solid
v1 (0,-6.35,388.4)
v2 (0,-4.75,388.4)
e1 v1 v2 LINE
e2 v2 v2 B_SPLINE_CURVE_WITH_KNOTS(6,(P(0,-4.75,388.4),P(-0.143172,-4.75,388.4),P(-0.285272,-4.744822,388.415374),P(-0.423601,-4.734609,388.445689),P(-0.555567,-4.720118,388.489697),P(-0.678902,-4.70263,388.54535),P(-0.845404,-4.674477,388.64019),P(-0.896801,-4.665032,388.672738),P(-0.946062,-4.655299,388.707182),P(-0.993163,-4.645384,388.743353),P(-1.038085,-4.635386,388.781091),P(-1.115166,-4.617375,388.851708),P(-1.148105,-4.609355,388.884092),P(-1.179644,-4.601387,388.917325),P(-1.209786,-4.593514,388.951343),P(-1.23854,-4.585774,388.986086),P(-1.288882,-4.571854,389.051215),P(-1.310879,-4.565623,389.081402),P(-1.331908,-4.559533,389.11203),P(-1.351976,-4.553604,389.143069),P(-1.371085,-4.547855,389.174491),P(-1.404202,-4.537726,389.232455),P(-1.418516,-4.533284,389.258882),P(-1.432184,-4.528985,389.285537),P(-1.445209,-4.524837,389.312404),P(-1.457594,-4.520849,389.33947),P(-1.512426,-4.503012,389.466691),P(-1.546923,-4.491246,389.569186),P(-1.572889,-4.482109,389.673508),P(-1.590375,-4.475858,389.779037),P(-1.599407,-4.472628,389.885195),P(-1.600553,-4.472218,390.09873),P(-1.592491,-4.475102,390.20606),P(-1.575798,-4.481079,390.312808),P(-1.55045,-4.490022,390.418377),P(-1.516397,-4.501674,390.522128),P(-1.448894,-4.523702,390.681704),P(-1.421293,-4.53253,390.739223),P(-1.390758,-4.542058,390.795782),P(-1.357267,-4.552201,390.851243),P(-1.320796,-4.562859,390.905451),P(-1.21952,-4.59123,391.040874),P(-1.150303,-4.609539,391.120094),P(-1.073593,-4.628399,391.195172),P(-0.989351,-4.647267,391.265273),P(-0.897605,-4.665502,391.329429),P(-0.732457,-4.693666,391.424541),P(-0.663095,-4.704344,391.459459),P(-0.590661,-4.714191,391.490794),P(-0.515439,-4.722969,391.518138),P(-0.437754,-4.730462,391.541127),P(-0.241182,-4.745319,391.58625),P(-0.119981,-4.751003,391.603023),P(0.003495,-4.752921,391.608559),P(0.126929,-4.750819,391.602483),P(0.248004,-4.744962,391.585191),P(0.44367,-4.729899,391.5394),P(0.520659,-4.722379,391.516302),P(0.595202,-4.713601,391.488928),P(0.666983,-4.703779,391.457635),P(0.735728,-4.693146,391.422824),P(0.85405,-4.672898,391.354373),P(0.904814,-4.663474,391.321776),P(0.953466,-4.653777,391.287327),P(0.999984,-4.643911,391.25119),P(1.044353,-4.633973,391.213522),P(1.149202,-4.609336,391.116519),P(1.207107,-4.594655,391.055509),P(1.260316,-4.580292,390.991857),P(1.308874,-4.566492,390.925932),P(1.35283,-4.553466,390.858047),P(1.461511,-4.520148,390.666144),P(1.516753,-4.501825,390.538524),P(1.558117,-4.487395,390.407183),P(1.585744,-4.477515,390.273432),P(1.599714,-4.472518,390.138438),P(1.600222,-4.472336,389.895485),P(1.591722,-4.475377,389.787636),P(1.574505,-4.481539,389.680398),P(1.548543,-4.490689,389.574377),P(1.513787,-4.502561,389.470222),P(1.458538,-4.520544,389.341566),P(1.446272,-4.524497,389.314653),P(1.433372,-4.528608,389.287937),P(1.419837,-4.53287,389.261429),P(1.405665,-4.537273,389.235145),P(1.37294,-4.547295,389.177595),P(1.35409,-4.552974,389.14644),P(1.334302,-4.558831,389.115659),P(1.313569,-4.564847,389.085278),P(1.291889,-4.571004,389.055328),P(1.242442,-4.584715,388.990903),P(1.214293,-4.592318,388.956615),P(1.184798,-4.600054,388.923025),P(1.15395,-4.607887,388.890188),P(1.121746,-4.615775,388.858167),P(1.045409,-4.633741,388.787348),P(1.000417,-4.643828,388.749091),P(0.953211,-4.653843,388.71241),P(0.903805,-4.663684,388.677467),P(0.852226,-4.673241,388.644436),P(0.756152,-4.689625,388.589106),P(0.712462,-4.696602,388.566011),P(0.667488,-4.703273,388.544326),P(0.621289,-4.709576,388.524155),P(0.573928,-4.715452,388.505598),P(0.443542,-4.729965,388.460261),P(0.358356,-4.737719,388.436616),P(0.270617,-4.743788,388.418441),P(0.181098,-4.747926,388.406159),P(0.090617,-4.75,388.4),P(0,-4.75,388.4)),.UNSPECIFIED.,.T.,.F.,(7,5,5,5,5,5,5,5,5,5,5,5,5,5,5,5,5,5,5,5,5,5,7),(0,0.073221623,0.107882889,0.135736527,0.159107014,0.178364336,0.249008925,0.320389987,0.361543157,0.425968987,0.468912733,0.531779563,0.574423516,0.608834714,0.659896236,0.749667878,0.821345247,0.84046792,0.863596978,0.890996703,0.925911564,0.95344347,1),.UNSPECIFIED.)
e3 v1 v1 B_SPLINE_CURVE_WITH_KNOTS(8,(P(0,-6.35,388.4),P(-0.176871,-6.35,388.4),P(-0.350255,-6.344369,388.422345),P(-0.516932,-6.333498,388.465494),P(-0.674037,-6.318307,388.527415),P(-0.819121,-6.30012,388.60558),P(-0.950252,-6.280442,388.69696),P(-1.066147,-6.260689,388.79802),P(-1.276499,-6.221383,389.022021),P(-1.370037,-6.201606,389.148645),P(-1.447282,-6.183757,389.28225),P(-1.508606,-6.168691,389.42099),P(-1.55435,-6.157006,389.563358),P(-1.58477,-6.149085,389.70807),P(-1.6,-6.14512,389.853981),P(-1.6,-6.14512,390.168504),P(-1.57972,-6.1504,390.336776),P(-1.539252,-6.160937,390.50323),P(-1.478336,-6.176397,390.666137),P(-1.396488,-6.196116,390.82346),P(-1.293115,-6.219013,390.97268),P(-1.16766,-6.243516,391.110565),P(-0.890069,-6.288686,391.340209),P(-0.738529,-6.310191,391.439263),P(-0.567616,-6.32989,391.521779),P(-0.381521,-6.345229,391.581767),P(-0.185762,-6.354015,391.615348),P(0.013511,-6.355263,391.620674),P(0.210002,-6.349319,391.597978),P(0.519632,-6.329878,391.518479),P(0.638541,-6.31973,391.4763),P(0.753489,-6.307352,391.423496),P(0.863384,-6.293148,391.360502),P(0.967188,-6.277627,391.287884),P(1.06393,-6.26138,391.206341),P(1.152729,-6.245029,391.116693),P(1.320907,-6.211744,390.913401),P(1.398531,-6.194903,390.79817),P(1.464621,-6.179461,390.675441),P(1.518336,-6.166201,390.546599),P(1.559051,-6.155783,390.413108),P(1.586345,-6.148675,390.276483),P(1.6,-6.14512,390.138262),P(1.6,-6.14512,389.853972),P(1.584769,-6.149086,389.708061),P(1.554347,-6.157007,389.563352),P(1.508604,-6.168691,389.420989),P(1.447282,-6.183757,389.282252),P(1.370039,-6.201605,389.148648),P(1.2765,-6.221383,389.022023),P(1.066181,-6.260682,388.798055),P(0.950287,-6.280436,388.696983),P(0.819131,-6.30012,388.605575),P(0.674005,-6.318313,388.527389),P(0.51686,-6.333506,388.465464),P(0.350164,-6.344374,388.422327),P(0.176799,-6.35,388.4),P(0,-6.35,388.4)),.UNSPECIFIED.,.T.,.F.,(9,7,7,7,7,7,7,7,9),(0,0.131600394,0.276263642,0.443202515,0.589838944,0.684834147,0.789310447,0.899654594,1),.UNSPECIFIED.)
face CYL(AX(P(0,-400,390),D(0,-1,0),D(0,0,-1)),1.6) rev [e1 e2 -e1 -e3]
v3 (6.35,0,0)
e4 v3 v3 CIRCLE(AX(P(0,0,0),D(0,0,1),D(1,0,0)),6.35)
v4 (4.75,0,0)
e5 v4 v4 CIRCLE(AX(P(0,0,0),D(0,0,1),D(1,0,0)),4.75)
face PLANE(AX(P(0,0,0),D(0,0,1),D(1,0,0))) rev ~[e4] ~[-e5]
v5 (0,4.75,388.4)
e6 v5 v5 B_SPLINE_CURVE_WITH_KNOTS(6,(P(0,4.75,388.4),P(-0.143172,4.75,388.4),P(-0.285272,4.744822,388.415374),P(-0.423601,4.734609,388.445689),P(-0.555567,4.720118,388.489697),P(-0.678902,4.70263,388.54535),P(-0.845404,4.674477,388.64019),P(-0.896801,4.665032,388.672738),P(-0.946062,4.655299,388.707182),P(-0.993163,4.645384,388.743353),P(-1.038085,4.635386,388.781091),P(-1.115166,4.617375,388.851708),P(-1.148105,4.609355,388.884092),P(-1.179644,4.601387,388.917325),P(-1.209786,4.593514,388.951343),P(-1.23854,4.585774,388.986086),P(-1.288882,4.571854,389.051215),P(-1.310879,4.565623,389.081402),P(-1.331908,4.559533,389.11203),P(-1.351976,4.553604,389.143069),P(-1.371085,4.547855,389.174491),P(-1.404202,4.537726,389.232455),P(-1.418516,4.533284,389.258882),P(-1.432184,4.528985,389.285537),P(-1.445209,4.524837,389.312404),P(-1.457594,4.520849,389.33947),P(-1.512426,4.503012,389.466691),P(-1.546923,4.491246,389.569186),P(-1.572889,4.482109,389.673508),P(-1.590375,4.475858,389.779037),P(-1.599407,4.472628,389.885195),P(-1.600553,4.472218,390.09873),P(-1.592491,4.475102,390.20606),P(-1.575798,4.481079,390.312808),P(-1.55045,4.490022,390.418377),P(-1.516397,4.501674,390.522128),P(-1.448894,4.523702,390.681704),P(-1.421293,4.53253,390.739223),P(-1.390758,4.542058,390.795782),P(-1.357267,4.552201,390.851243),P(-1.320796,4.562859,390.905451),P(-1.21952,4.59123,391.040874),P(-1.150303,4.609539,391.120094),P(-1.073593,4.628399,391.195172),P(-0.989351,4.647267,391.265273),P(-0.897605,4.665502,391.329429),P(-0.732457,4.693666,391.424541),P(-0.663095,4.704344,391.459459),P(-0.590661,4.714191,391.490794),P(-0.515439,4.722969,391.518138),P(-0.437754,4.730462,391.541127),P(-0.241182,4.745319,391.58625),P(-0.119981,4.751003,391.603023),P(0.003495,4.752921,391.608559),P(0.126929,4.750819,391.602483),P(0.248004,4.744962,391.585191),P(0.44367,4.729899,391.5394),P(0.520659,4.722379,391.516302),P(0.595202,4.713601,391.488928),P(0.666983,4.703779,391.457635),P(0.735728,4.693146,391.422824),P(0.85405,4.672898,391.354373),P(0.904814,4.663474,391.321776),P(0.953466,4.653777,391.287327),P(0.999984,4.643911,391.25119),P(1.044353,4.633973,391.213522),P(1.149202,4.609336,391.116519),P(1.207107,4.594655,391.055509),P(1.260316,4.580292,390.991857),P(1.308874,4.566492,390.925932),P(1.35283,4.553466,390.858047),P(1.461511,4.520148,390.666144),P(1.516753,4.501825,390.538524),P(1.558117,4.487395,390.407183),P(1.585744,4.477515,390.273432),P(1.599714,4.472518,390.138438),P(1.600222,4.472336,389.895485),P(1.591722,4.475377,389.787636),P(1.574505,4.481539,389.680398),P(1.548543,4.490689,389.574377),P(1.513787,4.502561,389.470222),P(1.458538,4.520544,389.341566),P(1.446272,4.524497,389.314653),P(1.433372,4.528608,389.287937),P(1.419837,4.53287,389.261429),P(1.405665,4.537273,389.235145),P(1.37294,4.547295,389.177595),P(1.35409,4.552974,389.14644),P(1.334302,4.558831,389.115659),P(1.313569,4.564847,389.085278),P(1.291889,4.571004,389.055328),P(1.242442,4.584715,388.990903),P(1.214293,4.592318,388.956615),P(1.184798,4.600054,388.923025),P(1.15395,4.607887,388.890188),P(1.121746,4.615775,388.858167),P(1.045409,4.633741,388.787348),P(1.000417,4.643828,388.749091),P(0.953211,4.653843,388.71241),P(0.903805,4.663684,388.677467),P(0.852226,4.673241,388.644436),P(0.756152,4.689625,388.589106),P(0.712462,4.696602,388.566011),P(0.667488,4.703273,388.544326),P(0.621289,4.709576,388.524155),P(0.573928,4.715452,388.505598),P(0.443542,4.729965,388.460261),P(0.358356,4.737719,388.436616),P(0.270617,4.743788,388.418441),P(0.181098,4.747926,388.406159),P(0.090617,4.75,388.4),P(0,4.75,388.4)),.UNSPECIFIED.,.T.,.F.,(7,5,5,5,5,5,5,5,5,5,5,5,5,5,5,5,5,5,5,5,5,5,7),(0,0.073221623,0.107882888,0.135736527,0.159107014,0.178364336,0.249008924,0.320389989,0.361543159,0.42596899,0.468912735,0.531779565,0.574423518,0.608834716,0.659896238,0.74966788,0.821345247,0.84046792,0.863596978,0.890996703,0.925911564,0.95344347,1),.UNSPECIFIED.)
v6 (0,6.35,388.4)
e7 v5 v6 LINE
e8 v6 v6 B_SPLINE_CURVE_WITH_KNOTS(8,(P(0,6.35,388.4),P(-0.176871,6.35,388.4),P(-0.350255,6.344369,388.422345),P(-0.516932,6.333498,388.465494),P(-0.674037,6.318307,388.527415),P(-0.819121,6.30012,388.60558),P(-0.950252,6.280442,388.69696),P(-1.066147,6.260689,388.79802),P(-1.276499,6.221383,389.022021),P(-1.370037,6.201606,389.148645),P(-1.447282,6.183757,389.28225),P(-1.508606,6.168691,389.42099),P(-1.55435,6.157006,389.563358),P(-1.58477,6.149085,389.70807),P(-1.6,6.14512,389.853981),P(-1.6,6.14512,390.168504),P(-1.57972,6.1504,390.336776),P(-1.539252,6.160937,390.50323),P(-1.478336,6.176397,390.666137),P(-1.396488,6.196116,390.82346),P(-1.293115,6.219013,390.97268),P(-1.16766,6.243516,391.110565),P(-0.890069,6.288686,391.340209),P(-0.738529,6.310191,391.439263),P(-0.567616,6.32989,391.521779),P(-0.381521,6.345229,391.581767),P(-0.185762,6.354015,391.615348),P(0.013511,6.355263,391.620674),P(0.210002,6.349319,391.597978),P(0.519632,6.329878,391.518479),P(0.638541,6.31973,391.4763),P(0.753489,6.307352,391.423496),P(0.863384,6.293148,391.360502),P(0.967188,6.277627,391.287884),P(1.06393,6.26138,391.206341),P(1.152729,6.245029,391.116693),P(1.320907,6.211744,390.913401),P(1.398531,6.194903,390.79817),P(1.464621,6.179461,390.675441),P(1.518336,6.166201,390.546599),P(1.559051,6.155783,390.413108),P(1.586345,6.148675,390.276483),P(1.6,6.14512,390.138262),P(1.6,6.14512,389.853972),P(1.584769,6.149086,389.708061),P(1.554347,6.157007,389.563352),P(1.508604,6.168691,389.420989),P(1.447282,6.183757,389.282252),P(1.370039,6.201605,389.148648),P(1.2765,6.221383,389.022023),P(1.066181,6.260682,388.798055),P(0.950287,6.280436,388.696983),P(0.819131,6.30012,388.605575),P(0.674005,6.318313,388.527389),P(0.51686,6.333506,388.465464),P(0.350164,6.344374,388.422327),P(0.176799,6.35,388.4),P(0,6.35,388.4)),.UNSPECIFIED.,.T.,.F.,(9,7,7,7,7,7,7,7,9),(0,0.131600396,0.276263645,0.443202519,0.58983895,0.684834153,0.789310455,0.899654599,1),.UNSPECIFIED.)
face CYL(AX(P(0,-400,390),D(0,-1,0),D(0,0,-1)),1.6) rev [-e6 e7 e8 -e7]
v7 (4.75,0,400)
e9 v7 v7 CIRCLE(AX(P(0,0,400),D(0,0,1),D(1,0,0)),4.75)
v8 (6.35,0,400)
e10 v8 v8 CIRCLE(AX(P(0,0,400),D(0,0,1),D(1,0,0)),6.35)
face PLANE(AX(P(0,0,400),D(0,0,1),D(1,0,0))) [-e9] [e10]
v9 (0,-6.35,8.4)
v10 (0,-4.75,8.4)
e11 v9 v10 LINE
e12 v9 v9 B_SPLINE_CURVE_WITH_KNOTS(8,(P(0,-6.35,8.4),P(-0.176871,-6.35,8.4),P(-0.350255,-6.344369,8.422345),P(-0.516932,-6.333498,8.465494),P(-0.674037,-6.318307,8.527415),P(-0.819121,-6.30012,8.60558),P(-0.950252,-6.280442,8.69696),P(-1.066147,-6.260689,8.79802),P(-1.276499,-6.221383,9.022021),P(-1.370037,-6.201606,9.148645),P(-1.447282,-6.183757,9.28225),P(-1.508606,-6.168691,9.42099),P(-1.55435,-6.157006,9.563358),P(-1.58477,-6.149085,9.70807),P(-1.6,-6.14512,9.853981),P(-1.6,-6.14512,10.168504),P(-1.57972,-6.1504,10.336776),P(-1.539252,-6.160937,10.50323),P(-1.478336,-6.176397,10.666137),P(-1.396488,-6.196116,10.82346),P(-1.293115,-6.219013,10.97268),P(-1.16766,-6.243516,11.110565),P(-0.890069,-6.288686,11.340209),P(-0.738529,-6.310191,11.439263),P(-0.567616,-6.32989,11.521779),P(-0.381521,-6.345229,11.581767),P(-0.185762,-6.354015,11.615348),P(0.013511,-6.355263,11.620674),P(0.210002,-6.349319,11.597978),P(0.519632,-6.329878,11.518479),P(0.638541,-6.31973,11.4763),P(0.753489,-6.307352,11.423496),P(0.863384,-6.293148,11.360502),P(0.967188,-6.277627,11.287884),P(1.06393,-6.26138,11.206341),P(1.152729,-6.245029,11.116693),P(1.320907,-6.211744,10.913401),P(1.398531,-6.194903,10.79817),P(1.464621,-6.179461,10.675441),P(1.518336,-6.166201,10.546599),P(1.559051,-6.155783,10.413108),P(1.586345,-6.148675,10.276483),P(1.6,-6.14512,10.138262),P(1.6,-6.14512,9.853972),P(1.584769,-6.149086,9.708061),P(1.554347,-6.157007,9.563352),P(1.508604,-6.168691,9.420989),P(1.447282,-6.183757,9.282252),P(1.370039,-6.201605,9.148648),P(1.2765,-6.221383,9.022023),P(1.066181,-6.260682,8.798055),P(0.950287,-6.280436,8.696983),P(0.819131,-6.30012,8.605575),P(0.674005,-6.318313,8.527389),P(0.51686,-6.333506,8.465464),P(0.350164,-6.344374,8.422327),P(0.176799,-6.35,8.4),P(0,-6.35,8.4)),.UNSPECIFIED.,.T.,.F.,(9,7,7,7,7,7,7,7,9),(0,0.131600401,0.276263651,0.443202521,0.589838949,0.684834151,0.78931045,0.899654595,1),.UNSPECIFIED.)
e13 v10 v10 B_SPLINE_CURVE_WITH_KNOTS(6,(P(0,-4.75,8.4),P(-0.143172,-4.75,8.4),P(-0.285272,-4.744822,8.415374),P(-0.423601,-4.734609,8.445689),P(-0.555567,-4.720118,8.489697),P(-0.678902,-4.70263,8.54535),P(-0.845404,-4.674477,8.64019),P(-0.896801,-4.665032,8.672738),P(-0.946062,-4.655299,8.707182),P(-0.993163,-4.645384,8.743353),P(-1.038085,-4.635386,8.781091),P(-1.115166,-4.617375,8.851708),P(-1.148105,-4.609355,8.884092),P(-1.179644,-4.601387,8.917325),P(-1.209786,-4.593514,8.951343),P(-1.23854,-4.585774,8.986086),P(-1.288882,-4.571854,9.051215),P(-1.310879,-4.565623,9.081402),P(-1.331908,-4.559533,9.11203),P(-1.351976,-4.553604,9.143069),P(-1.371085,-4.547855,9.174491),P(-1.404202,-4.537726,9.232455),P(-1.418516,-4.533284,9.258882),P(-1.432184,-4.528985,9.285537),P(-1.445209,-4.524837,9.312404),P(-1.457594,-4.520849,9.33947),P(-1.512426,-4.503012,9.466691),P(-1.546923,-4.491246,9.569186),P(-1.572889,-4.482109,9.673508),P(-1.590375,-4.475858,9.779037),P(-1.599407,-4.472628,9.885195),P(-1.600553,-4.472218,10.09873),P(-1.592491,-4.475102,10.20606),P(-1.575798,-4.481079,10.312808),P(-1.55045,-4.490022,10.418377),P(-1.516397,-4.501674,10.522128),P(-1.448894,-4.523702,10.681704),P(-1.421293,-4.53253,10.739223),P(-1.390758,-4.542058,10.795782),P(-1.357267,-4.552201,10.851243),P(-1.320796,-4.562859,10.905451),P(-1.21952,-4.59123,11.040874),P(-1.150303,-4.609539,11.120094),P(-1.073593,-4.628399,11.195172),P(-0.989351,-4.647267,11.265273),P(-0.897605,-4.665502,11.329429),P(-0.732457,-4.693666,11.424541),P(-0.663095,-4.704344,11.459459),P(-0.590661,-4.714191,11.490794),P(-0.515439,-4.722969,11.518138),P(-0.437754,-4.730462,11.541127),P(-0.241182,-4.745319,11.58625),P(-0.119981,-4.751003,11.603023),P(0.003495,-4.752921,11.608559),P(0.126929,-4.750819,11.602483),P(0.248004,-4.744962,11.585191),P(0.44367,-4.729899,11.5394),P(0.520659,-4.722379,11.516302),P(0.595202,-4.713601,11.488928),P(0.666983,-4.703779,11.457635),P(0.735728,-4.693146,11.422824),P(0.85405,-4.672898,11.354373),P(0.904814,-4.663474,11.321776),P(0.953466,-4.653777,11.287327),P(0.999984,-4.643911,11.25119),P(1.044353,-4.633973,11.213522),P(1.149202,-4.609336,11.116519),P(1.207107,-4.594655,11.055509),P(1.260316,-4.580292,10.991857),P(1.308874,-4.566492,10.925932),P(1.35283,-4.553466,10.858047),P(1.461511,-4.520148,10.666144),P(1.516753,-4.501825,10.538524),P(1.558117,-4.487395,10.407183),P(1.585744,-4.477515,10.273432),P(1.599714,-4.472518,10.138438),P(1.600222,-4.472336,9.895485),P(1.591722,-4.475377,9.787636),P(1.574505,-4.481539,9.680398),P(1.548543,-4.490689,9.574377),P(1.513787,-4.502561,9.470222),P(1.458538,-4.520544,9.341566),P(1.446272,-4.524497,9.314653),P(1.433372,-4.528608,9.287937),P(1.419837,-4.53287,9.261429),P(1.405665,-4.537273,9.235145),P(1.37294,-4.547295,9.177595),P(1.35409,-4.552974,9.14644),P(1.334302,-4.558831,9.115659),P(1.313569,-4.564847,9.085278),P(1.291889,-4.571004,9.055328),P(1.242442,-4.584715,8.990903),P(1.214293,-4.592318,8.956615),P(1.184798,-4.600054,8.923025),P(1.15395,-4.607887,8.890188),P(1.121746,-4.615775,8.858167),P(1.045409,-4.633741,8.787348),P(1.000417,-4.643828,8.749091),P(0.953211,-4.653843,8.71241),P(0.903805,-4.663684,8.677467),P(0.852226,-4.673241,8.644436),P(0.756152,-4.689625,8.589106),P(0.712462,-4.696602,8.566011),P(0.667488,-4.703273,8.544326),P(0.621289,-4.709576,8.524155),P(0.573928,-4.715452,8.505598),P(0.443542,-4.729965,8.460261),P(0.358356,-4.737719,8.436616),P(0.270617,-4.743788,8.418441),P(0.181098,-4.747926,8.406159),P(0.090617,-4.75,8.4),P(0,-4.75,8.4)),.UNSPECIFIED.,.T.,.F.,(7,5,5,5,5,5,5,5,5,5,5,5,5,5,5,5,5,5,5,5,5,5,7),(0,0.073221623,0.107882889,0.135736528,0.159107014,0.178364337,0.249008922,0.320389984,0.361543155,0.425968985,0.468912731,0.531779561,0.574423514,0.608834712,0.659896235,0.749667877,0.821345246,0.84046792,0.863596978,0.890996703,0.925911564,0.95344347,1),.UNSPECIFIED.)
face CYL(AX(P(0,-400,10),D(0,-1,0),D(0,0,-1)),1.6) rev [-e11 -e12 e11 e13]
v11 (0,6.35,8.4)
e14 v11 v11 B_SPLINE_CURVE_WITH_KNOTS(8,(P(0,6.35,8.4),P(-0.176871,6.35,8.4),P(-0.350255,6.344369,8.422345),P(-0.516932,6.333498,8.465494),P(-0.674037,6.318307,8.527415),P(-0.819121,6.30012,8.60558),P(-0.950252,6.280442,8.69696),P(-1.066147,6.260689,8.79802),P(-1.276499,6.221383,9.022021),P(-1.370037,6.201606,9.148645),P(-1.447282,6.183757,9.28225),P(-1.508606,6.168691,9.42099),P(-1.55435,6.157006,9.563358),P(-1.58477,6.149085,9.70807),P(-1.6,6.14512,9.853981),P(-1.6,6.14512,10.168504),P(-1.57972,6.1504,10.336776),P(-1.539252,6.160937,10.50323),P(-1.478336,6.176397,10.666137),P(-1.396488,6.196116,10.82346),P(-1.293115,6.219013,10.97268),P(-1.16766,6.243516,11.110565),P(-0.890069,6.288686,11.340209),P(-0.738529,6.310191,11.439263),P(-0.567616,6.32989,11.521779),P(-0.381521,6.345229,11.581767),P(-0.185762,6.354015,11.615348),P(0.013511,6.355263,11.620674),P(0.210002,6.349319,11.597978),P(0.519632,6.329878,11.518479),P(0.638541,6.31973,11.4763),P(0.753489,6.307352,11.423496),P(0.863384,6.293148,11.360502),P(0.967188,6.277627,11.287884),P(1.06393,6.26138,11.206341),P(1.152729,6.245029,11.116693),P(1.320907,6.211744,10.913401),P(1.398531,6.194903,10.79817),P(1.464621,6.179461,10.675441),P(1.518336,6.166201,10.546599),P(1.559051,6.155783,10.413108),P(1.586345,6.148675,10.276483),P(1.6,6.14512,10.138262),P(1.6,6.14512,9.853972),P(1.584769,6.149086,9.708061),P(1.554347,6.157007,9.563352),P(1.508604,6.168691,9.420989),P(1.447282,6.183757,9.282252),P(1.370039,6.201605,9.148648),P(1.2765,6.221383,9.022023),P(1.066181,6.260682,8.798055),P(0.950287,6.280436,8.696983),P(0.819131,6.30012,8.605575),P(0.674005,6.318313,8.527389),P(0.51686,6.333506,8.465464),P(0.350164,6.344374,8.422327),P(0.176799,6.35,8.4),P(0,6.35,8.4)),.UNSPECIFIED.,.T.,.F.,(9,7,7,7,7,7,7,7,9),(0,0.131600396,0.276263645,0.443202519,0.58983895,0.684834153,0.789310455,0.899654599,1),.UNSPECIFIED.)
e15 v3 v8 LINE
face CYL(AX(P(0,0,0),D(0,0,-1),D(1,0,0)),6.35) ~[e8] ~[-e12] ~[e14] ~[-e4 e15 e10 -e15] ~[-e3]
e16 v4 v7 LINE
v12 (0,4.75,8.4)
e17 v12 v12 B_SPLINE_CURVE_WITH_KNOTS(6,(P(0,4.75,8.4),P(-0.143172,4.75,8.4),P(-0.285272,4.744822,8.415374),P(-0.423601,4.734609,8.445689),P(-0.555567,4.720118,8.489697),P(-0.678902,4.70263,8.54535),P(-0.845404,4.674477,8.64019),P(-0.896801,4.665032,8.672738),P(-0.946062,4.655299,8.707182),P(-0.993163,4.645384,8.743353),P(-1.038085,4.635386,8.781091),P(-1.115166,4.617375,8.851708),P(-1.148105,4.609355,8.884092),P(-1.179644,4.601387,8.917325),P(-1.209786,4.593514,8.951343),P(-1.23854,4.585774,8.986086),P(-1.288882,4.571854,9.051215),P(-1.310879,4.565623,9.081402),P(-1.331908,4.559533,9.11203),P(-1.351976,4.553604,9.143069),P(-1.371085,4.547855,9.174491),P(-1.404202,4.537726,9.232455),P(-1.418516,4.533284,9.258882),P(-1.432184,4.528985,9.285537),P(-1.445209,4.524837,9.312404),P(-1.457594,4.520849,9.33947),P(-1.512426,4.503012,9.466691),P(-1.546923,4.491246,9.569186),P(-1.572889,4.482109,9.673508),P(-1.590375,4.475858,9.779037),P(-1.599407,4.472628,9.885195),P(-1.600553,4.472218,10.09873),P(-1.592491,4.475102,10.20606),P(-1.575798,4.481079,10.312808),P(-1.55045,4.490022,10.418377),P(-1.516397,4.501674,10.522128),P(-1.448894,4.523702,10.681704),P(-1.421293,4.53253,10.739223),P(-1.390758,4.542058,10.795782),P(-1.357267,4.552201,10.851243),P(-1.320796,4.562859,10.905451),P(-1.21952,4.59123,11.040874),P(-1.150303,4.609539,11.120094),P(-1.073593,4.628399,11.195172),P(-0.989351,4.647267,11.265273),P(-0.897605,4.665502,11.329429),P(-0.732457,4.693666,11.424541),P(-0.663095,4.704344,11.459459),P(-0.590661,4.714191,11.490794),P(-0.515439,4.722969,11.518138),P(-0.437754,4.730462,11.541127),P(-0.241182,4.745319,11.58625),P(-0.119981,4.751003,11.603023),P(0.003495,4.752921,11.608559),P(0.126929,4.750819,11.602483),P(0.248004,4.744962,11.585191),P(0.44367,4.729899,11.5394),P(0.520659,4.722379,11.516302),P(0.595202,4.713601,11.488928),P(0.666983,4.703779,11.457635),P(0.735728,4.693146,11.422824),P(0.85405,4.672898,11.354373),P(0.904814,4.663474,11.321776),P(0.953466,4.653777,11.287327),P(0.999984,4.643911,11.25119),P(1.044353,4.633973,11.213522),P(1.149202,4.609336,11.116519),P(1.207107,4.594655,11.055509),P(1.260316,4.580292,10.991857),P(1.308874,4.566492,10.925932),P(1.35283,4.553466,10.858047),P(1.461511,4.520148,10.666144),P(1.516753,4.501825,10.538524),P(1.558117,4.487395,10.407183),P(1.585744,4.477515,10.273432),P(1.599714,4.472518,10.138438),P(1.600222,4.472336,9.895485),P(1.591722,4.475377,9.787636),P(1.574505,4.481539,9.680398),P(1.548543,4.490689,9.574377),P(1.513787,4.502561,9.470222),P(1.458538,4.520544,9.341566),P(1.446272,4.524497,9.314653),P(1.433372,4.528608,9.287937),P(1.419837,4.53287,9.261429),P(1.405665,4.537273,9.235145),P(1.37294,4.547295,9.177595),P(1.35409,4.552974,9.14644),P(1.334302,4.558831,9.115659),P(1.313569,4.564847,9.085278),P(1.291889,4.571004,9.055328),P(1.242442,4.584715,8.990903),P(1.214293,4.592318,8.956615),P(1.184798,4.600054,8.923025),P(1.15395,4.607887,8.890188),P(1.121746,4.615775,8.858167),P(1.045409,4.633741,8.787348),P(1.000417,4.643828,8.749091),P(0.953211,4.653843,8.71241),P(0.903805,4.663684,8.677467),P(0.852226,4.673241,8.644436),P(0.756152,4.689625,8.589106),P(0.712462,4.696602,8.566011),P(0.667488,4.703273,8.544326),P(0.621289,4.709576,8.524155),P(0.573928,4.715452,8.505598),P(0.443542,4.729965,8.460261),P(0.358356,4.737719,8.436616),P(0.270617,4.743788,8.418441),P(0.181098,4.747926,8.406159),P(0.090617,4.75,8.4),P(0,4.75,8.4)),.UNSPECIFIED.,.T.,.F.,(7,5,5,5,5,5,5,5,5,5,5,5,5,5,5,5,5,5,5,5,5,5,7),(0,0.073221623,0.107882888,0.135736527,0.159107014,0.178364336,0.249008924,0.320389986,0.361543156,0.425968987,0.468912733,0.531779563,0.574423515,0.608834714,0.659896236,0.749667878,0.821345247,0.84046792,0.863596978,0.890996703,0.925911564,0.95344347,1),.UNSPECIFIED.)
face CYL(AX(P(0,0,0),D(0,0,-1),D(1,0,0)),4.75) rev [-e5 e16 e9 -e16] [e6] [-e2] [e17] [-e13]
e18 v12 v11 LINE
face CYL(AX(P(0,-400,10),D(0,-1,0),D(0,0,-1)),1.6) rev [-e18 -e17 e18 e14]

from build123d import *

# Parameters (mm, degrees)
SKETCH1_R               = 6.35
SKETCH1_R_2             = 4.75
BOSS_EXTRUDE1_DEPTH     = 400
CUT_EXTRUDE1_DEPTH      = 400
CUT_EXTRUDE1_DEPTH_BACK = 400
SKETCH2_R               = 1.6


with BuildPart() as part:
    # Sketch1 → Boss-Extrude1 (new body)
    with BuildSketch(Plane.XY):
        Circle(SKETCH1_R)
        Circle(SKETCH1_R_2, mode=Mode.SUBTRACT)
    extrude(amount=BOSS_EXTRUDE1_DEPTH)

    # Sketch2 → Cut-Extrude1 (cut, two sides: drawn at the far end of the back side and taken through both)
    with BuildSketch(Plane(origin=(0, 0, 0), x_dir=(1, 0, 0), z_dir=(0, 1, 0)).offset(-CUT_EXTRUDE1_DEPTH_BACK)):
        with Locations((0, -10)):
            Circle(SKETCH2_R)
        with Locations((0, -390)):
            Circle(SKETCH2_R)
    extrude(amount=CUT_EXTRUDE1_DEPTH + CUT_EXTRUDE1_DEPTH_BACK, mode=Mode.SUBTRACT)


solid = part.part
